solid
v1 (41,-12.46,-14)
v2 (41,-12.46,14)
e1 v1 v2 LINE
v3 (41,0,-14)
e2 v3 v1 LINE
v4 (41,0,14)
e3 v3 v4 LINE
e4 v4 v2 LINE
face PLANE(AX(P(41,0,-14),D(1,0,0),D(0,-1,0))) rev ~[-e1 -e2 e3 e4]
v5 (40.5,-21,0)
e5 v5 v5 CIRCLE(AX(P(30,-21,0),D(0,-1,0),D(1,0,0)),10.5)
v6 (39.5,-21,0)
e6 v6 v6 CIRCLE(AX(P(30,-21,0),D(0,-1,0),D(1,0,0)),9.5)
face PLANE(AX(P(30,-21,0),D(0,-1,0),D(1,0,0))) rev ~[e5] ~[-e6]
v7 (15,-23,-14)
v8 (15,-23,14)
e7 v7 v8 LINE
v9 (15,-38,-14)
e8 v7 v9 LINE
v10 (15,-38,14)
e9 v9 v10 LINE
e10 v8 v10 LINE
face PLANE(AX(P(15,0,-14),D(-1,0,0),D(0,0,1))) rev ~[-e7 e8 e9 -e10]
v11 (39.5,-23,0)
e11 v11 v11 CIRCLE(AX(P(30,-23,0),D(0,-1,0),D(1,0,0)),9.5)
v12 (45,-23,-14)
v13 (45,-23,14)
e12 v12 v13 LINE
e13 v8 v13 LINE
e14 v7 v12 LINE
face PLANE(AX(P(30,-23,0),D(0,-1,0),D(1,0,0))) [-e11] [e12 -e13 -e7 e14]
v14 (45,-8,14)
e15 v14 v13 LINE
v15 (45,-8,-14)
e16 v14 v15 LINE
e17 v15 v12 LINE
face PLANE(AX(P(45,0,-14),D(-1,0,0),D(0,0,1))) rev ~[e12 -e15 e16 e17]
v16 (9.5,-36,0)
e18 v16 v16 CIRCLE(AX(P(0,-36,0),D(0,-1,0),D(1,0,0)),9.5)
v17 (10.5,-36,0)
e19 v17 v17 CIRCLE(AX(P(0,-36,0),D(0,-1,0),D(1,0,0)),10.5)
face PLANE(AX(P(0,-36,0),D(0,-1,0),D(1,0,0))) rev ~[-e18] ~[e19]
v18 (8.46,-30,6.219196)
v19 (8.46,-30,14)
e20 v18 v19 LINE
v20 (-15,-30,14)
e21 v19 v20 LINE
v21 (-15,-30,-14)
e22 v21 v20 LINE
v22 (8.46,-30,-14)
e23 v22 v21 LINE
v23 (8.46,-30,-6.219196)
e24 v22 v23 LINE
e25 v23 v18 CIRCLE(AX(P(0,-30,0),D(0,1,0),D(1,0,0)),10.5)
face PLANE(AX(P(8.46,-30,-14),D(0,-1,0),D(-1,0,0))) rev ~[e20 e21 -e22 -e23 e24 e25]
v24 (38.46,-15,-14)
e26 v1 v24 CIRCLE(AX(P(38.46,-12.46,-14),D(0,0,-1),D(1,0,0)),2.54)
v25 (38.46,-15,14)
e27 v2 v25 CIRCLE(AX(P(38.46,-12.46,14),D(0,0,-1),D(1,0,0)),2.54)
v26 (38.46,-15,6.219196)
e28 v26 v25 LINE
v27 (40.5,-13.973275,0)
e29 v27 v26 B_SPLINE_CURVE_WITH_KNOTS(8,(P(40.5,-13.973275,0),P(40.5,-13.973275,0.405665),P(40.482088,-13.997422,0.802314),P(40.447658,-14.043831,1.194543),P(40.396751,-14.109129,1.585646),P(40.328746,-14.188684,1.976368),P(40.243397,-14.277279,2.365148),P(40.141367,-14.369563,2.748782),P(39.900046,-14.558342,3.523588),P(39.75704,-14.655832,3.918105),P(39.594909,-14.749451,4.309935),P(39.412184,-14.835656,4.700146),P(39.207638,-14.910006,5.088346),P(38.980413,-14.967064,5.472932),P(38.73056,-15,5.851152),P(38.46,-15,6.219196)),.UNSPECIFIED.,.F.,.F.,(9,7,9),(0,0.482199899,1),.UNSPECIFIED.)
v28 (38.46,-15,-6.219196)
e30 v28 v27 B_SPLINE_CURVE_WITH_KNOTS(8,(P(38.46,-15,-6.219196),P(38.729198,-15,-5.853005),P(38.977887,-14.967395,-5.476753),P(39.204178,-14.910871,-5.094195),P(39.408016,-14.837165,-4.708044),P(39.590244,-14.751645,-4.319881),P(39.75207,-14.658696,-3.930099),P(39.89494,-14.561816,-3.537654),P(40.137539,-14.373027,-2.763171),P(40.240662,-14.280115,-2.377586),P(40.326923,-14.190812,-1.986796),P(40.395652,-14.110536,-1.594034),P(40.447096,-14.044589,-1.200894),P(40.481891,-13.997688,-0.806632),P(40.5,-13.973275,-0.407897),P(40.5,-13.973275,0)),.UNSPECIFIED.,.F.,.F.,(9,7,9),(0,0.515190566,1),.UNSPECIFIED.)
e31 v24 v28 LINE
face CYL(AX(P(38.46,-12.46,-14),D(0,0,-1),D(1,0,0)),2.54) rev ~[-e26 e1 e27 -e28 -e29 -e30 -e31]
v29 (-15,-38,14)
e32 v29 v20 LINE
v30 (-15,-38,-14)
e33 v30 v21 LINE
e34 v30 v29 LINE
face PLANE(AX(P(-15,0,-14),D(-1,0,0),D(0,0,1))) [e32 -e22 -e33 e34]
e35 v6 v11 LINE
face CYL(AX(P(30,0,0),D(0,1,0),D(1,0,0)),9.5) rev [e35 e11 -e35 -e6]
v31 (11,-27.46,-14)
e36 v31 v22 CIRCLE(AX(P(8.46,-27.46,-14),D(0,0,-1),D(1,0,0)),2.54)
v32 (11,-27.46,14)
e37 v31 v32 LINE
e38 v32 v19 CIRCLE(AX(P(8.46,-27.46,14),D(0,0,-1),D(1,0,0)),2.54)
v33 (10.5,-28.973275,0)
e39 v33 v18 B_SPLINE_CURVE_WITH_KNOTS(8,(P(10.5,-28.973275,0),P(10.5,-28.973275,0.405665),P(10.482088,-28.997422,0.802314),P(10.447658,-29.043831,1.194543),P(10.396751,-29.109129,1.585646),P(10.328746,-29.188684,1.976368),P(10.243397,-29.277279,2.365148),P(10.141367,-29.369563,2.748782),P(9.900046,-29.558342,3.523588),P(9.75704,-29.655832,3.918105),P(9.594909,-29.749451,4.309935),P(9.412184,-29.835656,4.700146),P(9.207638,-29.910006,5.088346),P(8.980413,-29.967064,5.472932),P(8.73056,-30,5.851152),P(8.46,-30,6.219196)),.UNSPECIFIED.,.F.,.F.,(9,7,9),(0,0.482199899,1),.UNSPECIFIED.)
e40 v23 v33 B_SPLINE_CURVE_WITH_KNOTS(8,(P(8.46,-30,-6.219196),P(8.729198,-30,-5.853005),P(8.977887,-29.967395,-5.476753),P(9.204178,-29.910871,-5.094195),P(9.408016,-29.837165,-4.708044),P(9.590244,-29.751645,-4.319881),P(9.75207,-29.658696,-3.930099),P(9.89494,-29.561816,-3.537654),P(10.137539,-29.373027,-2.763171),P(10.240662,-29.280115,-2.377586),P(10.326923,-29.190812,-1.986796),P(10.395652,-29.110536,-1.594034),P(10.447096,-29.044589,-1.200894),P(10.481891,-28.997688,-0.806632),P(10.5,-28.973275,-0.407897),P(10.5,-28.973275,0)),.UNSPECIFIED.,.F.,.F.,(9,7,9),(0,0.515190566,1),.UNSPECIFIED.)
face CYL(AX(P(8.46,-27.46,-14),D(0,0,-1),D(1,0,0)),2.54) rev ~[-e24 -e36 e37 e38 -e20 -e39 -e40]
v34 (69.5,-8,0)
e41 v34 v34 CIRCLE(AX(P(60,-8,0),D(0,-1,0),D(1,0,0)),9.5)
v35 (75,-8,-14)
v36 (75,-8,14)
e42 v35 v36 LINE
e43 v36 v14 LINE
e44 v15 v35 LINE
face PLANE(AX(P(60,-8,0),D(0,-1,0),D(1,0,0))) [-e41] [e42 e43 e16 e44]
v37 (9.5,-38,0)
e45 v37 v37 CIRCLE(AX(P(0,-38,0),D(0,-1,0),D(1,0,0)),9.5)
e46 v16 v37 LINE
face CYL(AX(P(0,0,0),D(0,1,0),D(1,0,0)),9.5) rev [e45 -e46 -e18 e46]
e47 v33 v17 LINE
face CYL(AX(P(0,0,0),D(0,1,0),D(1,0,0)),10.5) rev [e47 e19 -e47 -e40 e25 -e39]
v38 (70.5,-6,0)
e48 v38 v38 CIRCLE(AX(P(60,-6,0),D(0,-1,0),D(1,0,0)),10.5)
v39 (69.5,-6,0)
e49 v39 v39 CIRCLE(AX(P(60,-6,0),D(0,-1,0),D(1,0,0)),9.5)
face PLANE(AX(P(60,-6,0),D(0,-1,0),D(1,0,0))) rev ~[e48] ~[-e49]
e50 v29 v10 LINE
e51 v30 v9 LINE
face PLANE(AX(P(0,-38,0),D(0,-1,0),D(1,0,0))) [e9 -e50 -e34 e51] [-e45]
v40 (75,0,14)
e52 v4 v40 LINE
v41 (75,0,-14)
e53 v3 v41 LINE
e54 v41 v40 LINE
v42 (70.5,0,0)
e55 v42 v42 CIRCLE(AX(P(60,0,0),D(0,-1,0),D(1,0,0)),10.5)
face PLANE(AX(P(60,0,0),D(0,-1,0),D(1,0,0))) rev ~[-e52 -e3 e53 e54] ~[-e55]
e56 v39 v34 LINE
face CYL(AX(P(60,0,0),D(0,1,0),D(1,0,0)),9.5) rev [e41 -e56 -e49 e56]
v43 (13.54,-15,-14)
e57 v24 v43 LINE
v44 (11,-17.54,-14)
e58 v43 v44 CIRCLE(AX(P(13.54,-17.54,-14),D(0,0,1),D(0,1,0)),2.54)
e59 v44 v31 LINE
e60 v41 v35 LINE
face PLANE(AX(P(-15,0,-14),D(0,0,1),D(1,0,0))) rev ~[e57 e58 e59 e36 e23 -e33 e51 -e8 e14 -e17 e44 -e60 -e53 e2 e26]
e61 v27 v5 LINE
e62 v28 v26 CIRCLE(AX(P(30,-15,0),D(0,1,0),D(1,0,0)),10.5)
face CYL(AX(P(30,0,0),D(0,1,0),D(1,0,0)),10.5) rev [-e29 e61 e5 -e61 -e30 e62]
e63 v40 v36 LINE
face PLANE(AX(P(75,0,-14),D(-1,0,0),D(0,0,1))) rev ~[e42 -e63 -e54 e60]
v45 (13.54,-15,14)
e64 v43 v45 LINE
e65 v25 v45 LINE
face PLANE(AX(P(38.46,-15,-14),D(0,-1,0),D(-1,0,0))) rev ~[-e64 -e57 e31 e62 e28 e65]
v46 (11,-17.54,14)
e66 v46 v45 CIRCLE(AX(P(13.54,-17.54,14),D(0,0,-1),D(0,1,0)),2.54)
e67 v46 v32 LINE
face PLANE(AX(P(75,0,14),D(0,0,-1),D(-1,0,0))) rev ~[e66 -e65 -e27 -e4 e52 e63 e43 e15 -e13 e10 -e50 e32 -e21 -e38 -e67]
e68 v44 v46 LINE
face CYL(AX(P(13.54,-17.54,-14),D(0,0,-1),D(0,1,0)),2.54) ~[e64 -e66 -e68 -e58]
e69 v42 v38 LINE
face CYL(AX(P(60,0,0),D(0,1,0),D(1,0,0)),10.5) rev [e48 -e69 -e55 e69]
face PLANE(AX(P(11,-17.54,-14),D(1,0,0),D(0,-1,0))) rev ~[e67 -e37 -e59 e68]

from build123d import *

# Parameters (mm, degrees)
F0_W     = 30
F0_H     = 28
F0_R     = 10.5
F0_R_2   = 9.5
F1_DEPTH = 8
F2_DEPTH = 38
F3_DEPTH = 23
F4_DEPTH = 36
F5_DEPTH = 21
F6_DEPTH = 6
F8_DEPTH = 28.001


with BuildPart() as f1:
    # F0 (on Front) → F1 (new body)
    with BuildSketch(Plane.XZ):
        with Locations((60, 0)):
            Rectangle(F0_W, F0_H)
        with Locations((60, 0)):
            Circle(F0_R, mode=Mode.SUBTRACT)
        with Locations((30, 0)):
            Rectangle(F0_W, F0_H)
        with Locations((30, 0)):
            Circle(F0_R, mode=Mode.SUBTRACT)
        Rectangle(F0_W, F0_H)
        Circle(F0_R, mode=Mode.SUBTRACT)
        Circle(F0_R)
        Circle(F0_R_2, mode=Mode.SUBTRACT)
        with Locations((60, 0)):
            Circle(F0_R)
        with Locations((60, 0)):
            Circle(F0_R_2, mode=Mode.SUBTRACT)
        with Locations((30, 0)):
            Circle(F0_R)
        with Locations((30, 0)):
            Circle(F0_R_2, mode=Mode.SUBTRACT)
    extrude(amount=F1_DEPTH)

    # F0 (on Front) → F2 (join)
    with BuildSketch(Plane.XZ):
        Rectangle(F0_W, F0_H)
        Circle(F0_R, mode=Mode.SUBTRACT)
        Circle(F0_R)
        Circle(F0_R_2, mode=Mode.SUBTRACT)
    extrude(amount=F2_DEPTH)

    # F0 (on Front) → F3 (join)
    with BuildSketch(Plane.XZ):
        with Locations((30, 0)):
            Rectangle(F0_W, F0_H)
        with Locations((30, 0)):
            Circle(F0_R, mode=Mode.SUBTRACT)
        with Locations((30, 0)):
            Circle(F0_R)
        with Locations((30, 0)):
            Circle(F0_R_2, mode=Mode.SUBTRACT)
    extrude(amount=F3_DEPTH)

    # F0 (on Front) → F4 (cut)
    with BuildSketch(Plane.XZ):
        Circle(F0_R)
        Circle(F0_R_2, mode=Mode.SUBTRACT)
    extrude(amount=F4_DEPTH, mode=Mode.SUBTRACT)

    # F0 (on Front) → F5 (cut)
    with BuildSketch(Plane.XZ):
        with Locations((30, 0)):
            Circle(F0_R)
        with Locations((30, 0)):
            Circle(F0_R_2, mode=Mode.SUBTRACT)
    extrude(amount=F5_DEPTH, mode=Mode.SUBTRACT)

    # F0 (on Front) → F6 (cut)
    with BuildSketch(Plane.XZ):
        with Locations((60, 0)):
            Circle(F0_R)
        with Locations((60, 0)):
            Circle(F0_R_2, mode=Mode.SUBTRACT)
    extrude(amount=F6_DEPTH, mode=Mode.SUBTRACT)

    # F7 (on face) → F8 (cut, through all)
    with BuildSketch(Plane(origin=(0, 0, -14), x_dir=(1, 0, 0), z_dir=(0, 0, -1))):
        with BuildLine():
            Line((8.46, 30), (-15, 30))
            Line((-15, 30), (-15, 0))
            Line((-15, 0), (41, 0))
            Line((41, 0), (41, 12.46))
            ThreePointArc((41, 12.46), (40.2560512242, 14.2560512242), (38.46, 15))
            Line((38.46, 15), (13.54, 15))
            ThreePointArc((13.54, 15), (11.7439487758, 15.7439487758), (11, 17.54))
            Line((11, 17.54), (11, 27.46))
            ThreePointArc((11, 27.46), (10.2560512242, 29.2560512242), (8.46, 30))
        make_face()
    extrude(amount=-F8_DEPTH, mode=Mode.SUBTRACT)


solid = f1.part
